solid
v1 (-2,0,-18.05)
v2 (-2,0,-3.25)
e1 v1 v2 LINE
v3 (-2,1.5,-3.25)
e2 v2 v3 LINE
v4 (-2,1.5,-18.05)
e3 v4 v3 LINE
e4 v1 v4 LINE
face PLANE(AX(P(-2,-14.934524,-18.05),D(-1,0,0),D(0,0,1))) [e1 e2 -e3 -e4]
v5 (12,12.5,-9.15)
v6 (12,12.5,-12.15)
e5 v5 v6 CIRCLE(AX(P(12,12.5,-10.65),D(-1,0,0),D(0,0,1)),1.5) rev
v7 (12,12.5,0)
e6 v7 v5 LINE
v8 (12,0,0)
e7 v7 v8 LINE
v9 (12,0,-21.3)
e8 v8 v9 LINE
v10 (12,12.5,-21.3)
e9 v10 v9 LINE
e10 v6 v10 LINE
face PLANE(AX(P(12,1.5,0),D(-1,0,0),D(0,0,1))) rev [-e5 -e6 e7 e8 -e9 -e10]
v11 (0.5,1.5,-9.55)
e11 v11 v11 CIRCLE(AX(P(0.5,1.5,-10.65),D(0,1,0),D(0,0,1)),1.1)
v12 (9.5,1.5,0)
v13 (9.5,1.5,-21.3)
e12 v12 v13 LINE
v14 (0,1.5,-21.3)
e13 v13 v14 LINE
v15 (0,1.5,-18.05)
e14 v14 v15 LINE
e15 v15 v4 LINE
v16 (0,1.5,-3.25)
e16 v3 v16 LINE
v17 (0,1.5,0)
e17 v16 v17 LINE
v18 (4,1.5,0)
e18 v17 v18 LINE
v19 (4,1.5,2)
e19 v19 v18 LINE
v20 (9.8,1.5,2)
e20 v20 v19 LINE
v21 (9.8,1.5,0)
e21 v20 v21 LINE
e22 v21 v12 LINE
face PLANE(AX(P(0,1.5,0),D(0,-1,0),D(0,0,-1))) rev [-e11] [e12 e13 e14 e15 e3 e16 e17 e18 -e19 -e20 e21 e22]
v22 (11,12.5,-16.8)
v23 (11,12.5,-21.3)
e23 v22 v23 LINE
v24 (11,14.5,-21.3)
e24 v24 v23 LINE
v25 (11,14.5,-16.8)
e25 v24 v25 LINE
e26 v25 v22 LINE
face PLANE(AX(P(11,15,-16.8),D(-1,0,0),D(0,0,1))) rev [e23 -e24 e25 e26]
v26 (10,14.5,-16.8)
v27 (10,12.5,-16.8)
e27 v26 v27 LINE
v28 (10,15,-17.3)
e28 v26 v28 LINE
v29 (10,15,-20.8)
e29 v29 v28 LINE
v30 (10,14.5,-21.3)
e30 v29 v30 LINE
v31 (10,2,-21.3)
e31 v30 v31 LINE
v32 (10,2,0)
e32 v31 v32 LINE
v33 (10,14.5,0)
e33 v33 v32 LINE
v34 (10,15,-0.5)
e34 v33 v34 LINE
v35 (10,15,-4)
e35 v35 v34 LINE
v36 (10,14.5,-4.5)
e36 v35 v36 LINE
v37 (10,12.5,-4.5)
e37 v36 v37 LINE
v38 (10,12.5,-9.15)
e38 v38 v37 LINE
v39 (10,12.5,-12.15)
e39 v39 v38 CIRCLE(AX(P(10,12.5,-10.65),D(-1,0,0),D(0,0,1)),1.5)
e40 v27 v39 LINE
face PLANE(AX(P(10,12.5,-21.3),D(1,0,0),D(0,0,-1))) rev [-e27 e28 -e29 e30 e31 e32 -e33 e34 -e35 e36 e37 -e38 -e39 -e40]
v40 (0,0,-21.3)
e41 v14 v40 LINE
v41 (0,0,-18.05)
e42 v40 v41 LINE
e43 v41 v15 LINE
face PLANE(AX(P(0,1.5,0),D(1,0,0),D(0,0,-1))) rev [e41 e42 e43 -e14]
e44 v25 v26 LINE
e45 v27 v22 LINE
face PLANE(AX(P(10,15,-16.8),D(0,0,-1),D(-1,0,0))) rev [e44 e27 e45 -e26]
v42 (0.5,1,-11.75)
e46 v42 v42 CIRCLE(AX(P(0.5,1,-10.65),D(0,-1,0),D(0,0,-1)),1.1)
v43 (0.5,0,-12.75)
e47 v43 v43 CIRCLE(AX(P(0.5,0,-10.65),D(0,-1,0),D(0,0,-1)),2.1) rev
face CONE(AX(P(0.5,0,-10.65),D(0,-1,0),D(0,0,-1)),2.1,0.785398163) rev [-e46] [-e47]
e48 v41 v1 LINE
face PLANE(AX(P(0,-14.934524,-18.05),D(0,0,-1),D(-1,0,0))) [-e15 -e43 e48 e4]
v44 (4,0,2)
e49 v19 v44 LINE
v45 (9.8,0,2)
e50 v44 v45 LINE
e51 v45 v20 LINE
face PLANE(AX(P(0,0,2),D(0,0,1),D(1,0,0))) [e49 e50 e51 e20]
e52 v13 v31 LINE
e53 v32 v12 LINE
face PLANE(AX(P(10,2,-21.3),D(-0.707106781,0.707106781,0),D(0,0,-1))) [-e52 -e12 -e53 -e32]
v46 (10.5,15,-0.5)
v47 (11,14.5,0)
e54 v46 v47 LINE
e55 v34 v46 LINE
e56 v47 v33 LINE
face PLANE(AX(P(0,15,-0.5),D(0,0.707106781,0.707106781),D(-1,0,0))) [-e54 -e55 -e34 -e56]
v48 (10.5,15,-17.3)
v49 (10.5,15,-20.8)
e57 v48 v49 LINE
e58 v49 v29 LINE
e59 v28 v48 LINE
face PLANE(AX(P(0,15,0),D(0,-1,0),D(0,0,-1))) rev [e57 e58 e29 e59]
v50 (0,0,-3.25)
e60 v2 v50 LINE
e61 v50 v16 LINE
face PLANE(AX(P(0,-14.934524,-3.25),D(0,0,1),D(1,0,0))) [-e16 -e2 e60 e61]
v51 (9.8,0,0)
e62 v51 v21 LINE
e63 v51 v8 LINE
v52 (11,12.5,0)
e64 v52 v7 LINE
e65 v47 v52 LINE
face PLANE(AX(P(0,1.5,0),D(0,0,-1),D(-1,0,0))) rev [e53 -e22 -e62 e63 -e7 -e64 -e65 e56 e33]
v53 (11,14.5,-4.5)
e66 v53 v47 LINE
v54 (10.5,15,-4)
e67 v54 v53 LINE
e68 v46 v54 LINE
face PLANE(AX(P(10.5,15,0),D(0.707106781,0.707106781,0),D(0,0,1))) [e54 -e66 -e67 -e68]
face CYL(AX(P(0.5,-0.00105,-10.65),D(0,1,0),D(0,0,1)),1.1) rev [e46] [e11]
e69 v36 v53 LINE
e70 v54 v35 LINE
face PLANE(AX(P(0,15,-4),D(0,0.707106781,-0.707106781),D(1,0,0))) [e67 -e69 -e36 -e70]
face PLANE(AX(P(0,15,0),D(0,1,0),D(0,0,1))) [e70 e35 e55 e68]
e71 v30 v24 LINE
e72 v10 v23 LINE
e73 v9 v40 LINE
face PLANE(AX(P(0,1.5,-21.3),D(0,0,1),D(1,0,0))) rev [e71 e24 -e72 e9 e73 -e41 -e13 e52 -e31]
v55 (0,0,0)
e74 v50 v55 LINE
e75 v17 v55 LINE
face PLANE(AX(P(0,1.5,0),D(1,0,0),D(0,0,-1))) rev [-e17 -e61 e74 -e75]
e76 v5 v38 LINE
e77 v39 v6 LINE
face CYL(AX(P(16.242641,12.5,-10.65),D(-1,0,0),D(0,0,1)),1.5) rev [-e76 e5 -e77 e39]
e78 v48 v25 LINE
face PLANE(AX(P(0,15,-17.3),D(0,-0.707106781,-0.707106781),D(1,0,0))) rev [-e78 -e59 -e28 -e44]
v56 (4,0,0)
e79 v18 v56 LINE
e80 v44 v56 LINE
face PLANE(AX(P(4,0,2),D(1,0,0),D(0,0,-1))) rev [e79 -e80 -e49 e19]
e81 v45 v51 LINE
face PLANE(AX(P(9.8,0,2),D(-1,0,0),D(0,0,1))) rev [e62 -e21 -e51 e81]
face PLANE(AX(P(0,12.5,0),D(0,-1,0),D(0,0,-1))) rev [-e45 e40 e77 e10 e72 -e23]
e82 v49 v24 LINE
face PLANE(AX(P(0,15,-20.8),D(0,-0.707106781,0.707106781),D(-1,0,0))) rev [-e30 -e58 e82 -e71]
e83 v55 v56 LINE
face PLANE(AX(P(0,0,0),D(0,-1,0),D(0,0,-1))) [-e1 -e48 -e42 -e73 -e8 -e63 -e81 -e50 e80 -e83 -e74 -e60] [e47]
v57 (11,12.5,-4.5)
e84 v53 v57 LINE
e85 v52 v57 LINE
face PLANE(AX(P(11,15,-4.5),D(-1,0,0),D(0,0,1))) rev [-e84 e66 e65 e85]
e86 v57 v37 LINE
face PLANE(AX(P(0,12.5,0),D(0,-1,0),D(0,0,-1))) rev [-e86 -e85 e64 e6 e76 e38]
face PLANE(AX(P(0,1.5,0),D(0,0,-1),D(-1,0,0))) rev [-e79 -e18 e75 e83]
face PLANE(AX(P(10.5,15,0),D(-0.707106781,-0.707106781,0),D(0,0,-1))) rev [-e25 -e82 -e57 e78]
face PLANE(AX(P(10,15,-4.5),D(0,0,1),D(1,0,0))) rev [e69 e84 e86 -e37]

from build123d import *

# Parameters (mm, degrees)
SKETCH1_W           = 12
SKETCH1_H           = 21.3
BOSS_EXTRUDE1_DEPTH = 1.5
SKETCH2_W           = 2
SKETCH2_H           = 21.3
BOSS_EXTRUDE2_DEPTH = 11
SKETCH3_W           = 2
SKETCH3_H           = 14.8
BOSS_EXTRUDE3_DEPTH = 1.5
SKETCH4_R           = 1.5
CUT_EXTRUDE1_DEPTH  = 2
CHAMFER1_SIZE       = 0.5
CUT_EXTRUDE2_REACH  = 3.5
SKETCH5_R           = 1.1
CHAMFER2_SIZE       = 1
SKETCH6_W           = 1
SKETCH6_H           = 4.5
BOSS_EXTRUDE4_DEPTH = 2.5
CHAMFER3_SIZE       = 0.5
SKETCH7_W           = 5.8
SKETCH7_H           = 1.5
BOSS_EXTRUDE5_DEPTH = 2


with BuildPart() as part:
    # Sketch1 → Boss-Extrude1 (new body)
    with BuildSketch(Plane(origin=(0, 0, 0), x_dir=(1, 0, 0), z_dir=(0, 1, 0))):
        with Locations((6, 10.65)):
            Rectangle(SKETCH1_W, SKETCH1_H)
    extrude(amount=BOSS_EXTRUDE1_DEPTH)

    # Sketch2 → Boss-Extrude2 (add)
    with BuildSketch(Plane(origin=(0, 1.5, 0), x_dir=(1, 0, 0), z_dir=(0, 1, 0))):
        with Locations((11, 10.65)):
            Rectangle(SKETCH2_W, SKETCH2_H)
    extrude(amount=BOSS_EXTRUDE2_DEPTH)

    # Sketch3 → Boss-Extrude3 (add)
    with BuildSketch(Plane(origin=(0, 1.5, 0), x_dir=(1, 0, 0), z_dir=(0, 1, 0))):
        with Locations((-1, 10.65)):
            Rectangle(SKETCH3_W, SKETCH3_H)
    extrude(amount=-BOSS_EXTRUDE3_DEPTH)

    # Sketch4 → Cut-Extrude1 (cut)
    with BuildSketch(Plane.ZY.offset(-10)):
        with Locations((-10.65, 12.5)):
            Circle(SKETCH4_R)
    extrude(amount=-CUT_EXTRUDE1_DEPTH, mode=Mode.SUBTRACT)

    # Chamfer1
    chamfer1_edges = [part.edges().sort_by_distance(p)[0] for p in [
        (10, 1.5, -10.65),
    ]]
    chamfer(chamfer1_edges, length=CHAMFER1_SIZE)

    # Sketch5 → Cut-Extrude2 (cut, up to next)
    with BuildSketch(Plane(origin=(0, 1.5, 0), x_dir=(1, 0, 0), z_dir=(0, 1, 0)), mode=Mode.PRIVATE) as cut_extrude2_sk1:
        with Locations((0.5, 10.65)):
            Circle(SKETCH5_R)
    cut_extrude2_tool1 = extrude(cut_extrude2_sk1.sketch, amount=-CUT_EXTRUDE2_REACH, mode=Mode.PRIVATE) & part.part
    add(cut_extrude2_tool1.solids().sort_by_distance((0.5, 1.5, -10.65))[0], mode=Mode.SUBTRACT)

    # Chamfer2
    chamfer2_edges = [part.edges().sort_by_distance(p)[0] for p in [
        (-0.6, 0, -10.65),
    ]]
    chamfer(chamfer2_edges, length=CHAMFER2_SIZE)

    # Sketch6 → Boss-Extrude4 (add)
    with BuildSketch(Plane(origin=(0, 12.5, 0), x_dir=(1, 0, 0), z_dir=(0, 1, 0))):
        with Locations((10.5, 2.25)):
            Rectangle(SKETCH6_W, SKETCH6_H)
        with Locations((10.5, 19.05)):
            Rectangle(SKETCH6_W, SKETCH6_H)
    extrude(amount=BOSS_EXTRUDE4_DEPTH)

    # Chamfer3
    chamfer3_edges = [part.edges().sort_by_distance(p)[0] for p in [
        (10.5, 15, -21.3),
        (11, 15, -19.05),
        (10.5, 15, -16.8),
        (10.5, 15, -4.5),
        (11, 15, -2.25),
        (10.5, 15, 0),
    ]]
    chamfer(chamfer3_edges, length=CHAMFER3_SIZE)

    # Sketch7 → Boss-Extrude5 (add)
    with BuildSketch(Plane.XY):
        with Locations((6.9, 0.75)):
            Rectangle(SKETCH7_W, SKETCH7_H)
    extrude(amount=BOSS_EXTRUDE5_DEPTH)


solid = part.part
